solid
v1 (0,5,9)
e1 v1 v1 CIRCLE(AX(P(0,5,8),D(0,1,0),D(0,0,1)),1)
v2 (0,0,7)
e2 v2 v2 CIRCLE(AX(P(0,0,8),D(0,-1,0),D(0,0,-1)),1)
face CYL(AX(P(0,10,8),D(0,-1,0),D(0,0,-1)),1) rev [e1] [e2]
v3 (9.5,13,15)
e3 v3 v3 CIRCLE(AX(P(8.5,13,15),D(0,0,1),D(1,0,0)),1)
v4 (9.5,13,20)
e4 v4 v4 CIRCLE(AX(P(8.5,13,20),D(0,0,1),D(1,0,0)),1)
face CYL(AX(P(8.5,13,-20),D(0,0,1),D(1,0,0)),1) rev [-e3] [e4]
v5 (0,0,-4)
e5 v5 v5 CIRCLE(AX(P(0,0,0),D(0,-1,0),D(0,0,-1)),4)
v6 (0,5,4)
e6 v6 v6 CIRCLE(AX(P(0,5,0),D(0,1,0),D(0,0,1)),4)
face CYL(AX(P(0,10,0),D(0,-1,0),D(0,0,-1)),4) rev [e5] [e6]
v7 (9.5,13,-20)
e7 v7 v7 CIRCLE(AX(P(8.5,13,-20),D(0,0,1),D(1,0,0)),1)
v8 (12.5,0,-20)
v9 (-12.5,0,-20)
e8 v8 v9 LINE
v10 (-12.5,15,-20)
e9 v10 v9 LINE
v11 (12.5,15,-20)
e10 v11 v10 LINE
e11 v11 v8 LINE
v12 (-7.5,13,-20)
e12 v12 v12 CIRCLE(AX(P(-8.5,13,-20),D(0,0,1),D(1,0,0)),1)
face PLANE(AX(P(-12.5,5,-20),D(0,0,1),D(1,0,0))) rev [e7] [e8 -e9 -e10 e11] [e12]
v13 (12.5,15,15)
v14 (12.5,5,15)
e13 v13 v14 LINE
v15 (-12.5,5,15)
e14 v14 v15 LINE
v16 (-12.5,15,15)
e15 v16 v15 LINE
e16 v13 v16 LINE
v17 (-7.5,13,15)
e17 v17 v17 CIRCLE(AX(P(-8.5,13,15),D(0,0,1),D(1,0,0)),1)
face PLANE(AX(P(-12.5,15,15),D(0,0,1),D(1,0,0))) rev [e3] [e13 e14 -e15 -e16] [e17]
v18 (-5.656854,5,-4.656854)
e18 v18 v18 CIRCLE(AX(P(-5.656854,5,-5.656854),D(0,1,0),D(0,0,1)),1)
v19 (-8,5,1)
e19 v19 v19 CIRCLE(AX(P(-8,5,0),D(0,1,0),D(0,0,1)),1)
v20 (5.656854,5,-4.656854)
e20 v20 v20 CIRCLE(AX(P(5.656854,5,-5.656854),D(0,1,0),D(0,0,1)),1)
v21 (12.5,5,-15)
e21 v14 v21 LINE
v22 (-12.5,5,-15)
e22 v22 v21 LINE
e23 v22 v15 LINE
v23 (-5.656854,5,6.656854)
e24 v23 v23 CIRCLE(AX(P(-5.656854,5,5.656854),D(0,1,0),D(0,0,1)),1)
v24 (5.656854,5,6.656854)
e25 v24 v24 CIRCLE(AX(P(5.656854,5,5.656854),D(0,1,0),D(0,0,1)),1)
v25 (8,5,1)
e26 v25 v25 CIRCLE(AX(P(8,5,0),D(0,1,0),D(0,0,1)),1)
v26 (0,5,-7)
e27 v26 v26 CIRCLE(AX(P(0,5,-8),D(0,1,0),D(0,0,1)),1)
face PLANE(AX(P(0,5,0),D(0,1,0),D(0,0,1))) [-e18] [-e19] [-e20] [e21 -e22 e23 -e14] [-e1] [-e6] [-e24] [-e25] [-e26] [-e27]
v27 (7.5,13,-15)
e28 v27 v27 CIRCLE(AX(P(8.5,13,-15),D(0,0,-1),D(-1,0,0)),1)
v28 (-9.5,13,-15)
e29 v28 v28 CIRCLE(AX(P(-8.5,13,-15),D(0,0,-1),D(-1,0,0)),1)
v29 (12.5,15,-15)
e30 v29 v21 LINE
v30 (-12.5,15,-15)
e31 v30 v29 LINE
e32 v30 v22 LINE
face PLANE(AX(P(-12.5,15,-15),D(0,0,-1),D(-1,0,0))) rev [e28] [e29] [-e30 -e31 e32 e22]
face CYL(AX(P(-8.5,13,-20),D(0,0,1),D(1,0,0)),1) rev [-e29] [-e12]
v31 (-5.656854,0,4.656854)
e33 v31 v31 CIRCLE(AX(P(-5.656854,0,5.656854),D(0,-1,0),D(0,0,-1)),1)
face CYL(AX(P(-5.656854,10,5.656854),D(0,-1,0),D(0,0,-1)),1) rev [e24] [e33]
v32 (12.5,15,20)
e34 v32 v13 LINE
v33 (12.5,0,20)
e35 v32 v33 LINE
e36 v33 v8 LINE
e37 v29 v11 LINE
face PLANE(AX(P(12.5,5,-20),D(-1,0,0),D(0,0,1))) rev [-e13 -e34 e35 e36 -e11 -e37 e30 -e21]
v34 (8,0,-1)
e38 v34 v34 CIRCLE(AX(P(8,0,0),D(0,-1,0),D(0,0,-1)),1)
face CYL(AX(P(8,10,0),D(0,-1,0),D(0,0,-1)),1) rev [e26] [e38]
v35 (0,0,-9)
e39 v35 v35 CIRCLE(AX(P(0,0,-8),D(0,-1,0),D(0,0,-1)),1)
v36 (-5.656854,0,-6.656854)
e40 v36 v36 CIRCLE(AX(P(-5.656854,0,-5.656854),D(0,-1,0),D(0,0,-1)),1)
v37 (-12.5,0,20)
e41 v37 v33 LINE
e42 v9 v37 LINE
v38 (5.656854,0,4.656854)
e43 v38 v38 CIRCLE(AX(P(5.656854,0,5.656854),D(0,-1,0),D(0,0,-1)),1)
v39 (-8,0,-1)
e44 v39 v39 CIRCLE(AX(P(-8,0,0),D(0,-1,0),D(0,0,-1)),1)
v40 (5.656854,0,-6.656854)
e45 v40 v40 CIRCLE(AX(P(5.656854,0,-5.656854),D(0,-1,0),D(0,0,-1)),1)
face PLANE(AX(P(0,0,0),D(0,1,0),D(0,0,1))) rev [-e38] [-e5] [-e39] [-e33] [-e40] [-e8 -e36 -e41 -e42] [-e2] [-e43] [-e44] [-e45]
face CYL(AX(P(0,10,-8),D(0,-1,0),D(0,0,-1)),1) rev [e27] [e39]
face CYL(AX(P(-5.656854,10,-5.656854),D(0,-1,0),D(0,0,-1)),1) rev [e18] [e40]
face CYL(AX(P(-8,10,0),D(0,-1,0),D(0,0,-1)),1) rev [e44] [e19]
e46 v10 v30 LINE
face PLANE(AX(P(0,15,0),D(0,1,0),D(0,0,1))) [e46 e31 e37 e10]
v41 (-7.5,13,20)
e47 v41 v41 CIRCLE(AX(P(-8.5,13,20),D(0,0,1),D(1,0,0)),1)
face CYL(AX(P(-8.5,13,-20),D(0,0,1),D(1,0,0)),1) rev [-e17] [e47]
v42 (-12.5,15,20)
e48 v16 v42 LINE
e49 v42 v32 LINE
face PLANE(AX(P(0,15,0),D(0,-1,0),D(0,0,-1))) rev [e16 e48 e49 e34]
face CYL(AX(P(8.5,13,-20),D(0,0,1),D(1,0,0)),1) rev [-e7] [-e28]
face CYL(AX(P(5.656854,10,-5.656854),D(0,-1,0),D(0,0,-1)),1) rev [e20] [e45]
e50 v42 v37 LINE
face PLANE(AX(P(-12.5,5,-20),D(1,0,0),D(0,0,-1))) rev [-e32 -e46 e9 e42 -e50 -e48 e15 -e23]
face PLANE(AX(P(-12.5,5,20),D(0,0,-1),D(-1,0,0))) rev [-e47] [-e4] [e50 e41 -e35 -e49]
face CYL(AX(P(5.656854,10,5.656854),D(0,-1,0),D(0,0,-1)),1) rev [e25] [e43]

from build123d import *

# Parameters (mm, degrees)
SKETCH1_W           = 25
SKETCH1_H           = 40
BOSS_EXTRUDE1_DEPTH = 5
SKETCH5_W           = 25
SKETCH5_H           = 5
BOSS_EXTRUDE2_DEPTH = 10
SKETCH6_R           = 1
CUT_EXTRUDE3_DEPTH  = 45.511234537
SKETCH7_R           = 4
SKETCH7_R_2         = 1
CUT_EXTRUDE4_DEPTH  = 10


with BuildPart() as part:
    # Sketch1 → Boss-Extrude1 (new body)
    with BuildSketch(Plane(origin=(0, 0, 0), x_dir=(1, 0, 0), z_dir=(0, 1, 0))):
        Rectangle(SKETCH1_W, SKETCH1_H)
    extrude(amount=BOSS_EXTRUDE1_DEPTH)

    # Sketch5 → Boss-Extrude2 (add)
    with BuildSketch(Plane(origin=(0, 5, 0), x_dir=(1, 0, 0), z_dir=(0, 1, 0))):
        with Locations((0, 17.5)):
            Rectangle(SKETCH5_W, SKETCH5_H)
        with Locations((0, -17.5)):
            Rectangle(SKETCH5_W, SKETCH5_H)
    extrude(amount=BOSS_EXTRUDE2_DEPTH)

    # Sketch6 → Cut-Extrude3 (cut, through all)
    with BuildSketch(Plane.XY.offset(20)):
        with Locations((-8.5, 13)):
            Circle(SKETCH6_R)
        with Locations((8.5, 13)):
            Circle(SKETCH6_R)
    extrude(amount=-CUT_EXTRUDE3_DEPTH, mode=Mode.SUBTRACT)

    # Sketch7 → Cut-Extrude4 (cut)
    with BuildSketch(Plane.XZ):
        with Locations(Location((0, 0, 0), (0, 0, 270))):
            Circle(SKETCH7_R)
        with Locations(Location((0, 8, 0), (0, 0, 270))):
            Circle(SKETCH7_R_2)
        with Locations(Location((5.656854249, 5.656854249, 0), (0, 0, 270))):
            Circle(SKETCH7_R_2)
        with Locations(Location((8, 0, 0), (0, 0, 270))):
            Circle(SKETCH7_R_2)
        with Locations(Location((5.656854249, -5.656854249, 0), (0, 0, 270))):
            Circle(SKETCH7_R_2)
        with Locations(Location((0, -8, 0), (0, 0, 270))):
            Circle(SKETCH7_R_2)
        with Locations(Location((-5.656854249, -5.656854249, 0), (0, 0, 270))):
            Circle(SKETCH7_R_2)
        with Locations(Location((-8, 0, 0), (0, 0, 270))):
            Circle(SKETCH7_R_2)
        with Locations(Location((-5.656854249, 5.656854249, 0), (0, 0, 270))):
            Circle(SKETCH7_R_2)
    extrude(amount=-CUT_EXTRUDE4_DEPTH, mode=Mode.SUBTRACT)


solid = part.part
